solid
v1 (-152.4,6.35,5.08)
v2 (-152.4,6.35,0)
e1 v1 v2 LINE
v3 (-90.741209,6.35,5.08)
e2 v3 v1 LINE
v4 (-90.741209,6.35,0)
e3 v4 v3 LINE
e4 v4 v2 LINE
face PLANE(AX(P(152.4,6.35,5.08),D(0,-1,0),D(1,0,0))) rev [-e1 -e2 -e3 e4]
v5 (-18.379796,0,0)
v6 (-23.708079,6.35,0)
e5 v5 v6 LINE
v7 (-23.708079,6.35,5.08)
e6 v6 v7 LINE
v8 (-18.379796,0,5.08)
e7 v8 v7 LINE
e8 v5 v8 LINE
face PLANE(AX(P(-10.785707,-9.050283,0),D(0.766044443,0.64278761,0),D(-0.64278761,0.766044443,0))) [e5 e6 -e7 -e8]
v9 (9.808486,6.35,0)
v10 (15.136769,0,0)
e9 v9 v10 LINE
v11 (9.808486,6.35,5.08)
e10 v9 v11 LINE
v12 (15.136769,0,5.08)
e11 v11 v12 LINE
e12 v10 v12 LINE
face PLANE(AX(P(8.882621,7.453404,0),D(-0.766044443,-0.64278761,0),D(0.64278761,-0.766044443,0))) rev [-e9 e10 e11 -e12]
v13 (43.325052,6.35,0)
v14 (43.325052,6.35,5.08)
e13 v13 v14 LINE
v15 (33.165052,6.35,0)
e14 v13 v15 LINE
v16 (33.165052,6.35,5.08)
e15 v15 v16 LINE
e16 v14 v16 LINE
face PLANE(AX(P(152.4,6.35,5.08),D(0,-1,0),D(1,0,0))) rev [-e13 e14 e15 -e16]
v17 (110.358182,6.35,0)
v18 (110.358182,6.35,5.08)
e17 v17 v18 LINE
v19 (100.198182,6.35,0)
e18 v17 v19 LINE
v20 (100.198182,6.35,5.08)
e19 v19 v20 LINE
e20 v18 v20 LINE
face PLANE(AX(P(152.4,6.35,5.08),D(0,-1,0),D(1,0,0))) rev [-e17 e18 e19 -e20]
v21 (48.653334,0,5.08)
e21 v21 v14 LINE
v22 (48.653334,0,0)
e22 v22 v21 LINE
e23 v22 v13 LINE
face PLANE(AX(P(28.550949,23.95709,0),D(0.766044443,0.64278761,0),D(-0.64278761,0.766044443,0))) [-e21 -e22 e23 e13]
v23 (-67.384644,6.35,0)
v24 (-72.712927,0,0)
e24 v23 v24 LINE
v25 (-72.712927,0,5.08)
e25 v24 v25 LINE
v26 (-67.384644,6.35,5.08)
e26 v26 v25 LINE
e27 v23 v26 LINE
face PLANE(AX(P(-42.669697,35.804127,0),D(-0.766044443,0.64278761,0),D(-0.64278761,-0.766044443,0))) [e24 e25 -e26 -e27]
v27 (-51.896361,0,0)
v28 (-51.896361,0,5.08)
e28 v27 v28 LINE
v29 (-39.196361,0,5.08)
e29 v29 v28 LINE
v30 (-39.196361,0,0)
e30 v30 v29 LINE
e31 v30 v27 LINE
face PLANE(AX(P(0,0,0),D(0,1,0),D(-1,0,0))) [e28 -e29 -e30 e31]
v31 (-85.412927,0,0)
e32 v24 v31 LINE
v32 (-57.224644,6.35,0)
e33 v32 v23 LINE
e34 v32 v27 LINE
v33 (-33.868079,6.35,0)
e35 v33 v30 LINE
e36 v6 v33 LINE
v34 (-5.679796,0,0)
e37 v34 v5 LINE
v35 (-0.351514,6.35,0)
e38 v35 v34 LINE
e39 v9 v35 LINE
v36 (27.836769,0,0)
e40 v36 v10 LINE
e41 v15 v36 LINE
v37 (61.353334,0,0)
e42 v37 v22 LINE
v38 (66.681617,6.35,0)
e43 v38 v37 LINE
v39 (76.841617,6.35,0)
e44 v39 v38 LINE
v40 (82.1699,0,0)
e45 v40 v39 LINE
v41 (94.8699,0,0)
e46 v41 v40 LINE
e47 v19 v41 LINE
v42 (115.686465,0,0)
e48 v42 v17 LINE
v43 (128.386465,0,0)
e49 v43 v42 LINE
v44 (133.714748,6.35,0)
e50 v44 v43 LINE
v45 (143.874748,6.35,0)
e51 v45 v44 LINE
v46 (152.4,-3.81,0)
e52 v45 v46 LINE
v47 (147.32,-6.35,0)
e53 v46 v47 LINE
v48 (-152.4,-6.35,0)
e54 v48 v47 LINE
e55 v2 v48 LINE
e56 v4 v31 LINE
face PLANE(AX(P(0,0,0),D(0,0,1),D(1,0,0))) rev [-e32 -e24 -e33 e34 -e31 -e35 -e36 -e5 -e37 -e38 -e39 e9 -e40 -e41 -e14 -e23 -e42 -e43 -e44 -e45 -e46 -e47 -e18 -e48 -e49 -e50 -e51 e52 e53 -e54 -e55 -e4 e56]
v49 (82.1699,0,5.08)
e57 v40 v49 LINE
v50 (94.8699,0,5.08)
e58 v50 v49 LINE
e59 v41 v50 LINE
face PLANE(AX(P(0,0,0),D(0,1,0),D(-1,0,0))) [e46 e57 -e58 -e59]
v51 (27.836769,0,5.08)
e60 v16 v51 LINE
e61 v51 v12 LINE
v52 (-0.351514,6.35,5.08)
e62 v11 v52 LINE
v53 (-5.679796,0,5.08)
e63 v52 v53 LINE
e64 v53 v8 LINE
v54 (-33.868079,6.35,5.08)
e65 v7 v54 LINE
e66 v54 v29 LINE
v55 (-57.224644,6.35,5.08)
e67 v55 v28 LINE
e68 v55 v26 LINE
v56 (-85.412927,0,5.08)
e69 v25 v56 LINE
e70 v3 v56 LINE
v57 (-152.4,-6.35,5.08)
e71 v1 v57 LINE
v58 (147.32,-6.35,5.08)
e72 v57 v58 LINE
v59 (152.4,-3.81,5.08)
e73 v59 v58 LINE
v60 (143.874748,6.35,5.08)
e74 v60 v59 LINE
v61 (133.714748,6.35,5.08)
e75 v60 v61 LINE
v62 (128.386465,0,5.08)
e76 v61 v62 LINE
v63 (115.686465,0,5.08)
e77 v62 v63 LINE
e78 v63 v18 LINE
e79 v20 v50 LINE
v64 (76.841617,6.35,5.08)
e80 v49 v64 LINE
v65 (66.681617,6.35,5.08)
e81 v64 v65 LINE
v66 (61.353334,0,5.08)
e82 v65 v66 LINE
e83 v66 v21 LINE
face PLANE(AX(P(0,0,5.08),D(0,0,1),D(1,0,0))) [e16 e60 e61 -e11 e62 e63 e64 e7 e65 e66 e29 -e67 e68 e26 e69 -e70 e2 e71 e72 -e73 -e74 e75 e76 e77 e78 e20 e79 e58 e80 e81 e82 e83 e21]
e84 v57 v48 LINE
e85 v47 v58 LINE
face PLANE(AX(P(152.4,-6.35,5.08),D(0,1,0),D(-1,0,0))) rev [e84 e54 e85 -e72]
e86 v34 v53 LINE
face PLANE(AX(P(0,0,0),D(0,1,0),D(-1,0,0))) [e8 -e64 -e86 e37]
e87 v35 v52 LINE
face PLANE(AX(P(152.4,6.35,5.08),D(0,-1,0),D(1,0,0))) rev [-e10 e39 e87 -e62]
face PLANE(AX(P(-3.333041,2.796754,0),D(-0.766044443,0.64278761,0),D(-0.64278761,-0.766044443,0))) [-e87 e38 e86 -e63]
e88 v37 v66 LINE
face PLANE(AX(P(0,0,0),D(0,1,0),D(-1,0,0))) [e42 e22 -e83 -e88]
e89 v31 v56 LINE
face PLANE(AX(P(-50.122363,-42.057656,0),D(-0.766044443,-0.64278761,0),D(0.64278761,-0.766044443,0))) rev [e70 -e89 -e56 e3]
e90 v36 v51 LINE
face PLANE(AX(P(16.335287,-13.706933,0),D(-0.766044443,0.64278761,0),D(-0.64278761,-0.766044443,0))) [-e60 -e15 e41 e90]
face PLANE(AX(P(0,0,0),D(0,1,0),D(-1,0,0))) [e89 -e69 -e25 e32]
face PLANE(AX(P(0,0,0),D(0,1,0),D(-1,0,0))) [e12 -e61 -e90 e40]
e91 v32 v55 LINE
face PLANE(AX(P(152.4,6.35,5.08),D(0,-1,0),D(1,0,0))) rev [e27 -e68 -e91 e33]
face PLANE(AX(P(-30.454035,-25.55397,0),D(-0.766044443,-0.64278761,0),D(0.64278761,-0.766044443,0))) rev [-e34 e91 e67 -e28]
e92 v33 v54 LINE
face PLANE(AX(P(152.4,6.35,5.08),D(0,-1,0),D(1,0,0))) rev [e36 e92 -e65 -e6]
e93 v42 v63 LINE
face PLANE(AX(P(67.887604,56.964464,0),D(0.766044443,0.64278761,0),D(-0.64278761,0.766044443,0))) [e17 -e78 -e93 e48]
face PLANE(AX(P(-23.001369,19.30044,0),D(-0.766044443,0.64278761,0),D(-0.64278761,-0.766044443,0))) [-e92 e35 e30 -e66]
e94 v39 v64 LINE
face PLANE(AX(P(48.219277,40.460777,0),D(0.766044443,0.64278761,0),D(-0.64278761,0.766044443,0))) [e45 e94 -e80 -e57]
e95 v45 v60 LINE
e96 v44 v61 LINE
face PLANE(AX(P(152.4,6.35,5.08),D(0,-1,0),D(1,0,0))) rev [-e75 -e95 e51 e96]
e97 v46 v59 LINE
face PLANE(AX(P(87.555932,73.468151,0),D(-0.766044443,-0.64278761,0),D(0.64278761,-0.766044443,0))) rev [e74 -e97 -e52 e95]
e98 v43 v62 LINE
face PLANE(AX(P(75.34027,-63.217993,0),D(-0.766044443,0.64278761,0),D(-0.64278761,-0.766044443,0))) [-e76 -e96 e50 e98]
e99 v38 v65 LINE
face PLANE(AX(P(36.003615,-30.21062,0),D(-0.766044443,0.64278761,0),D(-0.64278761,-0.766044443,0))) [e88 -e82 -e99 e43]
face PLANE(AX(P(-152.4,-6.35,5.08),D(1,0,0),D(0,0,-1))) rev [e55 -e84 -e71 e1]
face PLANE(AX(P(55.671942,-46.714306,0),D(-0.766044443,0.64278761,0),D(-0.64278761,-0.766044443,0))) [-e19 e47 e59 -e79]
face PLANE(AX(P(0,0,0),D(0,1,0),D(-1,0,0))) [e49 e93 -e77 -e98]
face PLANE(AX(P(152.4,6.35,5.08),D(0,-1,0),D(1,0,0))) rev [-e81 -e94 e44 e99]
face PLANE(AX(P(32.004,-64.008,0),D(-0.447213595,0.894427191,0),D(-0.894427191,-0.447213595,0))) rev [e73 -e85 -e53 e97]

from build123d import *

# Parameters (mm, degrees)
SKETCH1_W           = 304.8
SKETCH1_H           = 12.7
BOSS_EXTRUDE1_DEPTH = 5.08
CUT_EXTRUDE1_DEPTH  = 153.616804121


with BuildPart() as part:
    # Sketch1 → Boss-Extrude1 (new body)
    with BuildSketch(Plane.XY):
        Rectangle(SKETCH1_W, SKETCH1_H)
    extrude(amount=BOSS_EXTRUDE1_DEPTH)

    # Sketch2 → Cut-Extrude1 (cut, through all)
    with BuildSketch(Plane.XY.offset(5.08)):
        Polygon((115.686465089, 0), (128.386465089, 0), (133.714747747, 6.35), (110.358182431, 6.35), align=None)
        Polygon((149.203030405, 0), (152.4, 0), (152.4, 6.35), (143.874747747, 6.35), align=None)
        Polygon((149.203030405, 0), (152.4, -3.81), (152.4, 0), align=None)
        Polygon((152.4, -3.81), (147.32, -6.35), (152.4, -6.35), align=None)
        Polygon((82.169899773, 0), (94.869899773, 0), (100.198182431, 6.35), (76.841617115, 6.35), align=None)
        Polygon((48.653334457, 0), (61.353334457, 0), (66.681617115, 6.35), (43.325051799, 6.35), align=None)
        Polygon((9.808486483, 6.35), (15.136769141, 0), (27.836769141, 0), (33.165051799, 6.35), align=None)
        Polygon((-23.708078833, 6.35), (-18.379796175, 0), (-5.679796175, 0), (-0.351513517, 6.35), align=None)
        Polygon((-57.224644148, 6.35), (-51.89636149, 0), (-39.19636149, 0), (-33.868078833, 6.35), align=None)
        Polygon((-90.741209464, 6.35), (-85.412926806, 0), (-72.712926806, 0), (-67.384644148, 6.35), align=None)
    extrude(amount=-CUT_EXTRUDE1_DEPTH, mode=Mode.SUBTRACT)


solid = part.part
